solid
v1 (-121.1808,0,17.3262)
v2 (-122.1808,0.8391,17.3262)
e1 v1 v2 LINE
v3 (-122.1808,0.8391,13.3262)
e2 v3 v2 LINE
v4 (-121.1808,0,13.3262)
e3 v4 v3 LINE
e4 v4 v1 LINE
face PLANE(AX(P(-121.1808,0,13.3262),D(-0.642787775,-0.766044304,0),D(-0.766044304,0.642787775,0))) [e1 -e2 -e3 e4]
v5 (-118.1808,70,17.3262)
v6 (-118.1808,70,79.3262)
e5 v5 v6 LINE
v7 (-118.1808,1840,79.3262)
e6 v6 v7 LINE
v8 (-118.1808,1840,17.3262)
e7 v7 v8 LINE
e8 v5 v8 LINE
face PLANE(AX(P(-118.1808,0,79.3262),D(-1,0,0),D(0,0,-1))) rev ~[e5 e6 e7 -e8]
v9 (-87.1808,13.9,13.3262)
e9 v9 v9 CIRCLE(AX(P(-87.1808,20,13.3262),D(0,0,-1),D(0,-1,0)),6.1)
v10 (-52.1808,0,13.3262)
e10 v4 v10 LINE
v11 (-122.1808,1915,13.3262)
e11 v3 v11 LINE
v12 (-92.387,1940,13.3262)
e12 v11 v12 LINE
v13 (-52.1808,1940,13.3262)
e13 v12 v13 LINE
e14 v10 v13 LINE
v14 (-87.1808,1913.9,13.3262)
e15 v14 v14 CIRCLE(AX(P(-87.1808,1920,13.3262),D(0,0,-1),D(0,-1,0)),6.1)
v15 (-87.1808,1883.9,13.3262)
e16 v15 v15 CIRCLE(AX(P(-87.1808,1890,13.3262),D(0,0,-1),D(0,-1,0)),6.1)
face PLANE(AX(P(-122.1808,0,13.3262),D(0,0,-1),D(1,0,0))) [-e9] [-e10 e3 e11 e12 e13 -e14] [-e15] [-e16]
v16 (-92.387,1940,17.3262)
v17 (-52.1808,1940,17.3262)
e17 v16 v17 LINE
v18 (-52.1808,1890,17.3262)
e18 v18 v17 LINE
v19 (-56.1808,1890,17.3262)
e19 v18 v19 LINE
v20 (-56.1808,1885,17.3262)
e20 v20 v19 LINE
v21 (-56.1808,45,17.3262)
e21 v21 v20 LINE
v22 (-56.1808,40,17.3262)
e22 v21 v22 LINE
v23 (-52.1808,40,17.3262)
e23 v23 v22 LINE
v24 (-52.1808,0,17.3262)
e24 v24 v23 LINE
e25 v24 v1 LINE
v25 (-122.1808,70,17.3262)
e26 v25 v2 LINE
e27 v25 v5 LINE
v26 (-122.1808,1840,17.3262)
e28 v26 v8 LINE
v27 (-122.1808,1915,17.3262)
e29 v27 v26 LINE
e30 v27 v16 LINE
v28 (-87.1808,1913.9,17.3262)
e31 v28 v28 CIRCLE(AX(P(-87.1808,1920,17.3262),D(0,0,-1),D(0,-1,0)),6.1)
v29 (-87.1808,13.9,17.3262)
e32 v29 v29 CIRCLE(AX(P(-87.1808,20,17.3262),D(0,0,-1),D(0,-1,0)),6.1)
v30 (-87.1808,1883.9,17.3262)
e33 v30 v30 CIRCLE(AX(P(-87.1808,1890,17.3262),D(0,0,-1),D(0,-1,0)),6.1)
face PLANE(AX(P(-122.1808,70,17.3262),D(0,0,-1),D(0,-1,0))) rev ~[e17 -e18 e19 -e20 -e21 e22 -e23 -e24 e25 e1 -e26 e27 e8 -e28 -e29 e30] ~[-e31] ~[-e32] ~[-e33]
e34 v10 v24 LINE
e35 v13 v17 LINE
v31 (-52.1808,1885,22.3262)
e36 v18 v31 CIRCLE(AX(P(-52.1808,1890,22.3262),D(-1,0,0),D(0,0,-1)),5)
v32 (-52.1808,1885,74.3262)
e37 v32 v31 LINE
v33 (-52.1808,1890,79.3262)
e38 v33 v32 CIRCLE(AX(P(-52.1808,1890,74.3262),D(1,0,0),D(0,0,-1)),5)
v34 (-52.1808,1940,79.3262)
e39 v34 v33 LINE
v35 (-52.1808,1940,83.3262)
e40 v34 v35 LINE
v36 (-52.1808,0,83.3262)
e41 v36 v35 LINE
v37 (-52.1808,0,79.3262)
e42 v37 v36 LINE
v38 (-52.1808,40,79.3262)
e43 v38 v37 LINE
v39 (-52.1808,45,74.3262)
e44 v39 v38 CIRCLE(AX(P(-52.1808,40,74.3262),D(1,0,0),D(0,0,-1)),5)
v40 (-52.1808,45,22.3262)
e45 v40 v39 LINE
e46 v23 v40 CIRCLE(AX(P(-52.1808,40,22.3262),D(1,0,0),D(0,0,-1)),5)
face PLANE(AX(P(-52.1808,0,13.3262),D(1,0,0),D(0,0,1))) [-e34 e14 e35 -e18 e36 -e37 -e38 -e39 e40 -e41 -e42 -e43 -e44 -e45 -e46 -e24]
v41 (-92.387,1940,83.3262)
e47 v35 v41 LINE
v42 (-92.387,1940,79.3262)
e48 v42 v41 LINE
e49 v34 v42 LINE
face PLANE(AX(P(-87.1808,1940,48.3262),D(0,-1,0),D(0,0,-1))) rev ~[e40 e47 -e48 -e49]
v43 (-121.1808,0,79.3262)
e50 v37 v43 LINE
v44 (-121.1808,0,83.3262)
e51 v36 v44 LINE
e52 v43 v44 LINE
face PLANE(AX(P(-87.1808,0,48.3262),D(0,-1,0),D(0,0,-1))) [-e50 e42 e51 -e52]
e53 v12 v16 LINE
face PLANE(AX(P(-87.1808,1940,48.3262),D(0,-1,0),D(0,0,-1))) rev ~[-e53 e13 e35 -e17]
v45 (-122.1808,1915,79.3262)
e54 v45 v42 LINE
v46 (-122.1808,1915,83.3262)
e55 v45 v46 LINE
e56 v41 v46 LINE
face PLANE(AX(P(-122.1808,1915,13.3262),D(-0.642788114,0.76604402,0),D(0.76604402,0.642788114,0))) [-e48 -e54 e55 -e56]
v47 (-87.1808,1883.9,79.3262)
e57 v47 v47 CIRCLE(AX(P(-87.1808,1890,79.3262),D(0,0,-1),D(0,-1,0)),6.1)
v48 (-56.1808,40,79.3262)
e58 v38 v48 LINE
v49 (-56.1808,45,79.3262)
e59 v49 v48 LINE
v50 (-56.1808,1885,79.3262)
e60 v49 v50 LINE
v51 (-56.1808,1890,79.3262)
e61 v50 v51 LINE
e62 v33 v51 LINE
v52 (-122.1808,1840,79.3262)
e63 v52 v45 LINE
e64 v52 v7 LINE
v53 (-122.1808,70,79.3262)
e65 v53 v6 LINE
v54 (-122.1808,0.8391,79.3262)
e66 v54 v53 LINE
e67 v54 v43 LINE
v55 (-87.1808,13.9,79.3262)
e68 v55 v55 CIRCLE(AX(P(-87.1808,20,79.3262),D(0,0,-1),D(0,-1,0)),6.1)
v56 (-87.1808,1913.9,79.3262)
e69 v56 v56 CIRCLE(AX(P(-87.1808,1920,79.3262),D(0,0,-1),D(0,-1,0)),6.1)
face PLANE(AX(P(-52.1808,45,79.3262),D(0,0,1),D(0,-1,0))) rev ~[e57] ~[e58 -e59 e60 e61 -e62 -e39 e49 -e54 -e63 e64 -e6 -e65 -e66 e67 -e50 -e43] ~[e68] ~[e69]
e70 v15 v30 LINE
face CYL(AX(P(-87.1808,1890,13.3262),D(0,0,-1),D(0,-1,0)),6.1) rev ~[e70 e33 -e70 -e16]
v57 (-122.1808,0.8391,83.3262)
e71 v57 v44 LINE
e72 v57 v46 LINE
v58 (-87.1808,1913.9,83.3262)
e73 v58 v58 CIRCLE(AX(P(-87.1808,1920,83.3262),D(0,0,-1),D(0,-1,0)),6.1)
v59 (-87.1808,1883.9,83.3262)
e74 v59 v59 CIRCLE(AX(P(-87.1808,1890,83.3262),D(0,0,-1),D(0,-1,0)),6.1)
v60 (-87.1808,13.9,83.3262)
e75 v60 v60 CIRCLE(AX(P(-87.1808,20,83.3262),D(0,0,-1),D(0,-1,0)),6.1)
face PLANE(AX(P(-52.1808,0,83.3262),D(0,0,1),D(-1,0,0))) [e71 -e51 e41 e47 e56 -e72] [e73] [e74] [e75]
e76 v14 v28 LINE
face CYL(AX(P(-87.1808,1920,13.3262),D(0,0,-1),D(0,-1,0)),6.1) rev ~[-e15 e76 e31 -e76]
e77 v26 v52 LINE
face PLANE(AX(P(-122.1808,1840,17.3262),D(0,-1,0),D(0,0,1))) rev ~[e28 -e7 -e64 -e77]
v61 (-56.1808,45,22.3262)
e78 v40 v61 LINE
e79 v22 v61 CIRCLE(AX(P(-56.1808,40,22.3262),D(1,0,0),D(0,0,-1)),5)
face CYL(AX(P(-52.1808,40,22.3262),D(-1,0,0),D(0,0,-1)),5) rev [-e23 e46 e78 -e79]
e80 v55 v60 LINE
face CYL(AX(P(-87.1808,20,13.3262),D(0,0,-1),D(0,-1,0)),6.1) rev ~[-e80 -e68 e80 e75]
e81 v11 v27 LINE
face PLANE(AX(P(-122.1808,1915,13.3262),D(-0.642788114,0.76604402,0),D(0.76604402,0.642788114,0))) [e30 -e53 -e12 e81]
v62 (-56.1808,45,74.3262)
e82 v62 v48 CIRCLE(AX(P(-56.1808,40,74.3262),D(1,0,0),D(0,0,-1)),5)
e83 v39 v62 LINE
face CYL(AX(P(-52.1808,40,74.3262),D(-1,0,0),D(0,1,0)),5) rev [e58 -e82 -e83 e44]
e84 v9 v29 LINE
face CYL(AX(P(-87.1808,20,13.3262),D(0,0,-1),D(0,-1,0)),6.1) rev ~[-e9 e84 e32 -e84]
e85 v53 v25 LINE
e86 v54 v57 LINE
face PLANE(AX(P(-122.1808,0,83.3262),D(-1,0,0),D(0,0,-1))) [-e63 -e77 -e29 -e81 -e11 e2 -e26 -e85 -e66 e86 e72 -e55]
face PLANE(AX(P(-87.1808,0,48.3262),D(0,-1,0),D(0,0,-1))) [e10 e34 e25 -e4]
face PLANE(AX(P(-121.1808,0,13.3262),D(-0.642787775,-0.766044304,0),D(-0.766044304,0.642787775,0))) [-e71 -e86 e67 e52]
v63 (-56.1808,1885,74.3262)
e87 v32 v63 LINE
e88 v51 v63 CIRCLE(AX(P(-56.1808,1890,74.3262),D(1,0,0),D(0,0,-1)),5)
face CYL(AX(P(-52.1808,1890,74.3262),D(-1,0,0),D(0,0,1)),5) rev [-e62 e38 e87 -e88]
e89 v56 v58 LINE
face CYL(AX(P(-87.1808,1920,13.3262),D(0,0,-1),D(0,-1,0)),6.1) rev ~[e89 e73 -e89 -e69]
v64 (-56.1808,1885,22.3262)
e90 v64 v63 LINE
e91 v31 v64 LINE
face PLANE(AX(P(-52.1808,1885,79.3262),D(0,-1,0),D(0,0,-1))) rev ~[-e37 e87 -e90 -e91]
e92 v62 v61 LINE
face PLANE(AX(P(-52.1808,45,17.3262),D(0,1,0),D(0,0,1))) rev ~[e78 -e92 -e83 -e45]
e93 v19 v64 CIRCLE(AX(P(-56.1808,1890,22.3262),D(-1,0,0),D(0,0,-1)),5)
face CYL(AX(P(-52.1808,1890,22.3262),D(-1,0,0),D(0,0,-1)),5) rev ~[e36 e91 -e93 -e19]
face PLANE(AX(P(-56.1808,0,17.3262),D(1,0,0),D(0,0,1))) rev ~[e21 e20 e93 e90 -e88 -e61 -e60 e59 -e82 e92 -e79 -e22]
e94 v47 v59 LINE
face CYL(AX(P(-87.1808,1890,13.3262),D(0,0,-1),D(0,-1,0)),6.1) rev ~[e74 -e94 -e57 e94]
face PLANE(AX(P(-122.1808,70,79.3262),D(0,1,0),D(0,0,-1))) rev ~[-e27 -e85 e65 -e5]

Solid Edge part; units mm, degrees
sketch "Sketch1" plane through (0, 0, 0) normal (0, -1, 0) x (1, 0, 0)
  line L0 (-122.1808, 13.3262) -> (-52.1808, 13.3262)
  line L1 (-52.1808, 13.3262) -> (-52.1808, 83.3262)
  line L2 (-52.1808, 83.3262) -> (-122.1808, 83.3262)
  line L3 (-122.1808, 83.3262) -> (-122.1808, 13.3262)
  line L4 (-118.1808, 17.3262) -> (-56.1808, 17.3262)
  line L5 (-56.1808, 17.3262) -> (-56.1808, 79.3262)
  line L6 (-56.1808, 79.3262) -> (-118.1808, 79.3262)
  line L7 (-118.1808, 79.3262) -> (-118.1808, 17.3262)
  dimension "D1" = 70
  dimension "D2" = 70
  dimension "D3" = 4
  dimension "D4" = 4
extrude "Protrusion1" add sketch "Sketch1" against normal blind 1940
sketch "Sketch2" plane through (-87.1808, 1079, 13.3262) normal (0, 0, -1) x (0, -1, 0)
  circle A0 centre (-811, 0) radius 6.1
  circle A1 centre (-841, 0) radius 6.1
  circle A2 centre (1059, 0) radius 6.1
  dimension "D1" = 12.2
  dimension "D2" = 20
  dimension "D3" = 12.2
  dimension "D4" = 12.2
  dimension "D5" = 20
  dimension "D6" = 30
extrude "Cutout1" cut sketch "Sketch2" against normal through all
sketch "Sketch3" plane through (-52.1808, 1079, 63.3262) normal (1, 0, 0) x (0, -1, 0)
  line L0 (1034, -16) -> (1079, -16)
  line L1 (1079, -16) -> (1079, 46)
  line L2 (1079, 46) -> (1034, 46)
  line L3 (1034, 46) -> (1034, -16)
  line L4 (-861, -16) -> (-806, -16)
  line L5 (-806, -16) -> (-806, 46)
  line L6 (-806, 46) -> (-861, 46)
  line L7 (-861, 46) -> (-861, -16)
  dimension "D1" = 62
  dimension "D2" = 55
  dimension "D3" = 45
  dimension "D4" = 62
extrude "Cutout2" cut sketch "Sketch3" against normal up to next
sketch "Sketch4" plane through (-92.1808, 1005.1, 13.3262) normal (0, 0, -1) x (0, -1, 0)
  line L0 (-934.9, 30) -> (-909.9, 30)
  line L1 (-909.9, 30) -> (-934.9, 0.2062)
  line L2 (-934.9, 0.2062) -> (-934.9, 30)
  dimension "D1" = 25
extrude "Cutout3" cut sketch "Sketch4" against normal through all
sketch "Sketch5" plane through (-92.1808, 1005.1, 13.3262) normal (0, 0, -1) x (0, 1, 0)
  line L0 (-1005.1, -29) -> (-1004.2609, -30)
  line L1 (-1004.2609, -30) -> (-1005.1, -30)
  line L2 (-1005.1, -30) -> (-1005.1, -29)
  dimension "D1" = 1
extrude "Cutout4" cut sketch "Sketch5" against normal through all
sketch "Sketch6" plane through (-122.1808, 957.9195, 48.3262) normal (-1, 0, 0) x (0, -1, 0)
  line L0 (-982.0805, -31) -> (-882.0805, -31)
  line L1 (-882.0805, -31) -> (-882.0805, 31)
  line L2 (-882.0805, 31) -> (-982.0805, 31)
  line L3 (-982.0805, 31) -> (-982.0805, -31)
  dimension "D1" = 62
  dimension "D2" = 100
extrude "Cutout5" cut sketch "Sketch6" against normal up to next
sketch "Sketch7" plane through (-122.1808, 957.9195, 48.3262) normal (-1, 0, 0) x (0, 1, 0)
  line L0 (-957.9195, -31) -> (-887.9195, -31)
  line L1 (-887.9195, -31) -> (-887.9195, 31)
  line L2 (-887.9195, 31) -> (-957.9195, 31)
  line L3 (-957.9195, 31) -> (-957.9195, -31)
  dimension "D1" = 62
  dimension "D2" = 70
extrude "Cutout6" cut sketch "Sketch7" against normal up to next
fillet "Round1" radius 5 4 edges at (-54.1808, 45, 79.3262) (-54.1808, 45, 17.3262) (-54.1808, 1885, 79.3262) (-54.1808, 1885, 17.3262)
properties material "Aluminum, 6061-T6"
